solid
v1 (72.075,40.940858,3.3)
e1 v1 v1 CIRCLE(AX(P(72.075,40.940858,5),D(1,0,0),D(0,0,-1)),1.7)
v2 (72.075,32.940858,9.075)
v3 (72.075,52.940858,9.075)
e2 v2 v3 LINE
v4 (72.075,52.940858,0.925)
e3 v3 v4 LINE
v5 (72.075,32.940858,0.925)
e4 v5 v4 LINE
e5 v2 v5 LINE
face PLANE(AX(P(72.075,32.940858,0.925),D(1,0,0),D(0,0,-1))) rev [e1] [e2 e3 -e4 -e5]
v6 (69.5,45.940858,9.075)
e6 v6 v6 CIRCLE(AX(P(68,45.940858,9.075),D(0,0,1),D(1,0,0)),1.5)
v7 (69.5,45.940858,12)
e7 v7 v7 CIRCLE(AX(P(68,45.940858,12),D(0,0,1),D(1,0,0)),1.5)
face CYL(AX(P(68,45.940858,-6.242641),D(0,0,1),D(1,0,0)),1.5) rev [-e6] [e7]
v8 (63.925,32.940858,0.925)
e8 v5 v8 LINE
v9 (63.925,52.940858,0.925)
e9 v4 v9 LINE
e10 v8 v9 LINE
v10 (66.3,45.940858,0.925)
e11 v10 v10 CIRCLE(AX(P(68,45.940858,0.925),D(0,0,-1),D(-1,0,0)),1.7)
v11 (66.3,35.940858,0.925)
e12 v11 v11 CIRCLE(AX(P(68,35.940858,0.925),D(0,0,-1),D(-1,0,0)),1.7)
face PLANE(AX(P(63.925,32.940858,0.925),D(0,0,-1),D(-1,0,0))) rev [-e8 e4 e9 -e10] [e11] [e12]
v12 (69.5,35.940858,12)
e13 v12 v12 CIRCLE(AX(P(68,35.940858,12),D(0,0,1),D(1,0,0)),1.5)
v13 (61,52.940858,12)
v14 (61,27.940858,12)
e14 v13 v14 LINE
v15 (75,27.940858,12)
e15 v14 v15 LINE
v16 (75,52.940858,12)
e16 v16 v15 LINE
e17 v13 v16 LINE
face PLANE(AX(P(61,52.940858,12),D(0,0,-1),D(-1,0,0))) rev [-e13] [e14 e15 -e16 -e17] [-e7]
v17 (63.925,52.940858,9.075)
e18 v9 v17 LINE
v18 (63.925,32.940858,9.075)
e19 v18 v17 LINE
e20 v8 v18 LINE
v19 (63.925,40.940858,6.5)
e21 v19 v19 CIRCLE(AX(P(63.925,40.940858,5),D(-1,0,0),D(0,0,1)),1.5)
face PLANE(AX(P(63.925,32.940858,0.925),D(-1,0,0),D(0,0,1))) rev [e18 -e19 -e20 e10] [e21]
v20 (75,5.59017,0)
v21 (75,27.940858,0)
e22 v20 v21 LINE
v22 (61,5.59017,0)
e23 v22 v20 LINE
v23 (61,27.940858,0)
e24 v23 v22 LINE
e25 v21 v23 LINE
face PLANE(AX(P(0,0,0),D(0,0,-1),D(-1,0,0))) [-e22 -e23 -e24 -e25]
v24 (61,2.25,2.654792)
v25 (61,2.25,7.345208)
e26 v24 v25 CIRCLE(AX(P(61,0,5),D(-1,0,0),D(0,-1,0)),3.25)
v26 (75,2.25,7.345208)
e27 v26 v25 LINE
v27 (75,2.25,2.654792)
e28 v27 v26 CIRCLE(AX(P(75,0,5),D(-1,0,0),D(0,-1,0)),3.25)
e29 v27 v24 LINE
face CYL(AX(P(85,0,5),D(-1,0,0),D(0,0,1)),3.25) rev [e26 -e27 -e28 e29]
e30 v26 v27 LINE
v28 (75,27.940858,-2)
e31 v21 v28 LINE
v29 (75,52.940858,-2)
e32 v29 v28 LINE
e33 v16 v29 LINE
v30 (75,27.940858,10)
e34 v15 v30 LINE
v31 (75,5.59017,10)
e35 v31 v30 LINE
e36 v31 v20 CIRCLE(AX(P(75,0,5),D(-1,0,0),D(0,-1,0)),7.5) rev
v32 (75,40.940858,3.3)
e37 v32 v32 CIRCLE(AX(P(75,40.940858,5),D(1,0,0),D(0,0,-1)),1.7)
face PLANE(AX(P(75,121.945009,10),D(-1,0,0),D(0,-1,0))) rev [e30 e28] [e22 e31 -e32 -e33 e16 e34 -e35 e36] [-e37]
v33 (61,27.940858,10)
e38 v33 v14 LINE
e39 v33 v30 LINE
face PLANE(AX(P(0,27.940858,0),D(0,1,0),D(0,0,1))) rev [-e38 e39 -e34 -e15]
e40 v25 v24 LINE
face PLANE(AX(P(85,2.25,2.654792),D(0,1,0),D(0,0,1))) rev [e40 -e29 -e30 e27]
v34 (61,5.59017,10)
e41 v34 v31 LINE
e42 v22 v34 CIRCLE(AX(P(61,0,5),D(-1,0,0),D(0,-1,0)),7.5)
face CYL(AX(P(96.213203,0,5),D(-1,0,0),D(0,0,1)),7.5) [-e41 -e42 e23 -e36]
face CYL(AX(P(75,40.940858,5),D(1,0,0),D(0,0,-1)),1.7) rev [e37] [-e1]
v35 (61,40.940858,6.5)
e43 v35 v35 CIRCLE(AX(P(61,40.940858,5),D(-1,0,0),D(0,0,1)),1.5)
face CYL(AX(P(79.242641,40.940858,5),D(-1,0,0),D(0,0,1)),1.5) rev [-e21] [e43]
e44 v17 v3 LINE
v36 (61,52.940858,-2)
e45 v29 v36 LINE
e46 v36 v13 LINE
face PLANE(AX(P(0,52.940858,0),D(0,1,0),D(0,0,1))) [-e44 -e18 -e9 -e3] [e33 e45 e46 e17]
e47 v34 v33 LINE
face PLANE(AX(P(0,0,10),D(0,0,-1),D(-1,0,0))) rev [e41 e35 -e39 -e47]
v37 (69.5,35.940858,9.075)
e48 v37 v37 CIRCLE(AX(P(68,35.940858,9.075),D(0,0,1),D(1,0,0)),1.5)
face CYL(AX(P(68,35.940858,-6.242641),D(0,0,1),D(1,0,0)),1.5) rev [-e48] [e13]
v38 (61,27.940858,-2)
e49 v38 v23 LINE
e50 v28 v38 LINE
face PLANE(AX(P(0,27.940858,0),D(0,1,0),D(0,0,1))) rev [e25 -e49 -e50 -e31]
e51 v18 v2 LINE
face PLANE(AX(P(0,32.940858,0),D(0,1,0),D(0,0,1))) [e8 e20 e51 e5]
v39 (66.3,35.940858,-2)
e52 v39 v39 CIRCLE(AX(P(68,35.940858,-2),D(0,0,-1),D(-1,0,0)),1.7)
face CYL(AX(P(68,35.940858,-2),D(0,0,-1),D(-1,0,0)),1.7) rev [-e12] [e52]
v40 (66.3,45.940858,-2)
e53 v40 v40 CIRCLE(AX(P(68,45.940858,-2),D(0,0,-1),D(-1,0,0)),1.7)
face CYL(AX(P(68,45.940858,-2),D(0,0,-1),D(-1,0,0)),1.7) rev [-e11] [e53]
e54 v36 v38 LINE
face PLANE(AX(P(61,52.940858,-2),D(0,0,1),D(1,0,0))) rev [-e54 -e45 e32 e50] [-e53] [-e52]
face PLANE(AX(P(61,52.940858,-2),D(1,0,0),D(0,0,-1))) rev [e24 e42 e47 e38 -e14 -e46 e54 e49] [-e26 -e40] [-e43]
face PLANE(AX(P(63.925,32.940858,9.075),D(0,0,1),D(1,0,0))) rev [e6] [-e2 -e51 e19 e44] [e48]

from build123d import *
from build123d.topology import SkipClean

# Parameters (mm, degrees)
BOSS_EXTRU_1_DEPTH      = 10
BOSS_EXTRU_2_DEPTH      = 15
CONG_1_R                = 20
CONG_2_R                = 4
ESQUISSE3_R             = 7.5
BOSS_EXTRU_3_DEPTH      = 10
ENL_V_MAT_EXTRU_1_DEPTH = 25
ESQUISSE11_W            = 14
ESQUISSE11_H            = 14
BOSS_EXTRU_4_DEPTH      = 25
ESQUISSE12_W            = 8.15
ESQUISSE12_H            = 8.15
ENL_V_MAT_EXTRU_4_DEPTH = 20
ENL_V_MAT_EXTRU_5_REACH = 58.169
ESQUISSE13_R            = 1.5
ENL_V_MAT_EXTRU_2_DEPTH = 20
ENL_V_MAT_EXTRU_6_REACH = 94.941
ESQUISSE15_R            = 1.5
D_GAGEMENT_M31_D        = 3.4
D_GAGEMENT_M31_DEPTH    = 10
D_GAGEMENT_M31_TIP      = 1.021463052
D_GAGEMENT_M32_D        = 3.4
D_GAGEMENT_M32_DEPTH    = 10
D_GAGEMENT_M32_TIP      = 1.021463052
BOSS_EXTRU_6_START      = 4
BOSS_EXTRU_6_DEPTH      = 4


with BuildPart() as part:
    # Esquisse1 → Boss.-Extru.1 (new body)
    with BuildSketch(Plane.XY):
        Polygon((65, 0), (65, 121.945008565), (0, 145.603073792), (3.420201433, 155), (70, 130.766935118), (136.579798567, 155), (140, 145.603073792), (75, 121.945008565), (75, 0), align=None)
    extrude(amount=BOSS_EXTRU_1_DEPTH)

    # Esquisse2 → Boss.-Extru.2 (add)
    with BuildSketch(Plane(origin=(0, 0, 0), x_dir=(-1, 0, 0), z_dir=(0, 0, -1))):
        Polygon((-135.301536896, 143.892973076), (-140, 145.603073792), (-136.579798567, 155), (-127.182872359, 151.579798567), (-128.892973076, 146.881335463), align=None)
        Polygon((0, 145.603073792), (-4.698463104, 143.892973076), (-11.107026924, 146.881335463), (-12.817127641, 151.579798567), (-3.420201433, 155), align=None)
    extrude(amount=BOSS_EXTRU_2_DEPTH)

    # Congé1
    cong_1_edges = [part.edges().sort_by_distance(p)[0] for p in [
        (65, 121.945008565, 5),
        (70, 130.766935118, 5),
        (75, 121.945008565, 5),
    ]]
    fillet(cong_1_edges, radius=CONG_1_R)

    # Congé2
    cong_2_edges = [part.edges().sort_by_distance(p)[0] for p in [
        (138.289899283, 150.301536896, 10),
        (1.710100717, 150.301536896, 10),
    ]]
    fillet(cong_2_edges, radius=CONG_2_R)

    # Esquisse3 → Boss.-Extru.3 (add)
    with BuildSketch(Plane.ZY.offset(-65)):
        with Locations((5, 0)):
            Circle(ESQUISSE3_R)
    extrude(amount=-BOSS_EXTRU_3_DEPTH)

    # Esquisse7 → Enlèv. mat.-Extru.1 (cut)
    with BuildSketch(Plane.XY.offset(10)):
        with BuildLine():
            Line((3.420201433, 155), (0, 145.603073792))
            Line((0, 145.603073792), (51.840402867, 126.734710216))
            ThreePointArc((51.840402867, 126.734710216), (61.383040886, 119.412386528), (65, 107.940857801))
            Line((65, 107.940857801), (65, 27.940857801))
            Line((65, 27.940857801), (75, 27.940857801))
            Line((75, 27.940857801), (75, 107.940857801))
            ThreePointArc((75, 107.940857801), (78.616959114, 119.412386528), (88.159597133, 126.734710216))
            Line((88.159597133, 126.734710216), (140, 145.603073792))
            Line((140, 145.603073792), (136.579798567, 155))
            Line((136.579798567, 155), (76.840402867, 133.256638152))
            ThreePointArc((76.840402867, 133.256638152), (70, 132.050490568), (63.159597133, 133.256638152))
            Line((63.159597133, 133.256638152), (3.420201433, 155))
        make_face()
    extrude(amount=-ENL_V_MAT_EXTRU_1_DEPTH, mode=Mode.SUBTRACT)

    # Esquisse11 → Boss.-Extru.4 (add)
    with BuildSketch(Plane(origin=(0, 27.940857801, 0), x_dir=(1, 0, 0), z_dir=(0, 1, 0))):
        with Locations((68, -5)):
            Rectangle(ESQUISSE11_W, ESQUISSE11_H)
    extrude(amount=BOSS_EXTRU_4_DEPTH)

    # Esquisse12 → Enlèv. mat.-Extru.4 (cut)
    with BuildSketch(Plane(origin=(0, 52.940857801, 0), x_dir=(1, 0, 0), z_dir=(0, 1, 0))):
        with Locations((68, -5)):
            Rectangle(ESQUISSE12_W, ESQUISSE12_H)
    extrude(amount=-ENL_V_MAT_EXTRU_4_DEPTH, mode=Mode.SUBTRACT)

    # Enlèv. mat.-Extru.5: up to this face of the body (flat: up to its plane)
    enl_v_mat_extru_5_end = Plane(part.part.faces().sort_by_distance((75, 24.172523414, 5))[0])
    # Esquisse13 → Enlèv. mat.-Extru.5 (cut, up to the picked face)
    with BuildSketch(Plane.ZY.offset(-61), mode=Mode.PRIVATE) as enl_v_mat_extru_5_sk1:
        with Locations(Location((5, 40.940857801, 0), (0, 0, 270))):
            Circle(ESQUISSE13_R)
    enl_v_mat_extru_5_tool1 = split(extrude(enl_v_mat_extru_5_sk1.sketch, amount=-ENL_V_MAT_EXTRU_5_REACH, mode=Mode.PRIVATE), bisect_by=enl_v_mat_extru_5_end, keep=Keep.BOTH, mode=Mode.PRIVATE)
    add(enl_v_mat_extru_5_tool1.solids().sort_by(Axis((61, 40.940858, 5), (1, 0, 0)))[0], mode=Mode.SUBTRACT)

    # Esquisse4 → Enlèv. mat.-Extru.2 (cut)
    with BuildSketch(Plane.ZY.offset(-65)):
        with BuildLine():
            Line((2.65479212, 2.25), (7.34520788, 2.25))
            ThreePointArc((7.34520788, 2.25), (5, -3.25), (2.65479212, 2.25))
        make_face()
    extrude(amount=-ENL_V_MAT_EXTRU_2_DEPTH, mode=Mode.SUBTRACT)

    # Enlèv. mat.-Extru.6: up to this face of the body (flat: up to its plane)
    enl_v_mat_extru_6_end = Plane(part.part.faces().sort_by_distance((68, 40.440857801, -2))[0])
    # Esquisse15 → Enlèv. mat.-Extru.6 (cut, up to the picked face)
    with BuildSketch(Plane.XY.offset(12), mode=Mode.PRIVATE) as enl_v_mat_extru_6_sk1:
        with Locations((68, 45.940857801)):
            Circle(ESQUISSE15_R)
    enl_v_mat_extru_6_tool1 = split(extrude(enl_v_mat_extru_6_sk1.sketch, amount=-ENL_V_MAT_EXTRU_6_REACH, mode=Mode.PRIVATE), bisect_by=enl_v_mat_extru_6_end, keep=Keep.BOTH, mode=Mode.PRIVATE)
    # Esquisse15 → Enlèv. mat.-Extru.6 (cut, up to the picked face)
    with BuildSketch(Plane.XY.offset(12), mode=Mode.PRIVATE) as enl_v_mat_extru_6_sk2:
        with Locations((68, 35.940857801)):
            Circle(ESQUISSE15_R)
    enl_v_mat_extru_6_tool2 = split(extrude(enl_v_mat_extru_6_sk2.sketch, amount=-ENL_V_MAT_EXTRU_6_REACH, mode=Mode.PRIVATE), bisect_by=enl_v_mat_extru_6_end, keep=Keep.BOTH, mode=Mode.PRIVATE)
    add(enl_v_mat_extru_6_tool1.solids().sort_by(Axis((68, 45.940858, 12), (0, 0, -1)))[0], mode=Mode.SUBTRACT)
    add(enl_v_mat_extru_6_tool2.solids().sort_by(Axis((68, 35.940858, 12), (0, 0, -1)))[0], mode=Mode.SUBTRACT)

    # Dégagement M31
    with Locations(Plane(origin=(0, 0, -2), x_dir=(-1, 0, 0), z_dir=(0, 0, -1))):
        with Locations((-68, 45.940857801), (-68, 35.940857801)):
            Hole(D_GAGEMENT_M31_D / 2, depth=D_GAGEMENT_M31_DEPTH)
            with Locations((0, 0, -(D_GAGEMENT_M31_DEPTH + D_GAGEMENT_M31_TIP / 2))):  # 118° drill point
                Cone(0, D_GAGEMENT_M31_D / 2, D_GAGEMENT_M31_TIP, mode=Mode.SUBTRACT)

    # Dégagement M32
    with Locations(Plane(origin=(75, 0, 0), x_dir=(0, 0, -1), z_dir=(1, 0, 0))):
        with Locations((-5, 40.940857801)):
            Hole(D_GAGEMENT_M32_D / 2, depth=D_GAGEMENT_M32_DEPTH)
            with Locations((0, 0, -(D_GAGEMENT_M32_DEPTH + D_GAGEMENT_M32_TIP / 2))):  # 118° drill point
                Cone(0, D_GAGEMENT_M32_D / 2, D_GAGEMENT_M32_TIP, mode=Mode.SUBTRACT)

    # Esquisse20 → Boss.-Extru.6 (add)
    with SkipClean():  # the faces are left unmerged after this step: merging them gives an invalid solid
        with BuildSketch(Plane.ZY.offset(-65).offset(BOSS_EXTRU_6_START)):
            with BuildLine():
                Line((10, 5.590169944), (10, 27.940857801))
                Line((10, 27.940857801), (0, 27.940857801))
                Line((0, 27.940857801), (0, 5.590169944))
                ThreePointArc((0, 5.590169944), (5, -7.5), (10, 5.590169944))
            make_face()
            with BuildLine():
                Line((7.34520788, 2.25), (2.65479212, 2.25))
                ThreePointArc((2.65479212, 2.25), (5, -3.25), (7.34520788, 2.25))
            make_face(mode=Mode.SUBTRACT)
        extrude(amount=-BOSS_EXTRU_6_DEPTH)


solid = part.part
